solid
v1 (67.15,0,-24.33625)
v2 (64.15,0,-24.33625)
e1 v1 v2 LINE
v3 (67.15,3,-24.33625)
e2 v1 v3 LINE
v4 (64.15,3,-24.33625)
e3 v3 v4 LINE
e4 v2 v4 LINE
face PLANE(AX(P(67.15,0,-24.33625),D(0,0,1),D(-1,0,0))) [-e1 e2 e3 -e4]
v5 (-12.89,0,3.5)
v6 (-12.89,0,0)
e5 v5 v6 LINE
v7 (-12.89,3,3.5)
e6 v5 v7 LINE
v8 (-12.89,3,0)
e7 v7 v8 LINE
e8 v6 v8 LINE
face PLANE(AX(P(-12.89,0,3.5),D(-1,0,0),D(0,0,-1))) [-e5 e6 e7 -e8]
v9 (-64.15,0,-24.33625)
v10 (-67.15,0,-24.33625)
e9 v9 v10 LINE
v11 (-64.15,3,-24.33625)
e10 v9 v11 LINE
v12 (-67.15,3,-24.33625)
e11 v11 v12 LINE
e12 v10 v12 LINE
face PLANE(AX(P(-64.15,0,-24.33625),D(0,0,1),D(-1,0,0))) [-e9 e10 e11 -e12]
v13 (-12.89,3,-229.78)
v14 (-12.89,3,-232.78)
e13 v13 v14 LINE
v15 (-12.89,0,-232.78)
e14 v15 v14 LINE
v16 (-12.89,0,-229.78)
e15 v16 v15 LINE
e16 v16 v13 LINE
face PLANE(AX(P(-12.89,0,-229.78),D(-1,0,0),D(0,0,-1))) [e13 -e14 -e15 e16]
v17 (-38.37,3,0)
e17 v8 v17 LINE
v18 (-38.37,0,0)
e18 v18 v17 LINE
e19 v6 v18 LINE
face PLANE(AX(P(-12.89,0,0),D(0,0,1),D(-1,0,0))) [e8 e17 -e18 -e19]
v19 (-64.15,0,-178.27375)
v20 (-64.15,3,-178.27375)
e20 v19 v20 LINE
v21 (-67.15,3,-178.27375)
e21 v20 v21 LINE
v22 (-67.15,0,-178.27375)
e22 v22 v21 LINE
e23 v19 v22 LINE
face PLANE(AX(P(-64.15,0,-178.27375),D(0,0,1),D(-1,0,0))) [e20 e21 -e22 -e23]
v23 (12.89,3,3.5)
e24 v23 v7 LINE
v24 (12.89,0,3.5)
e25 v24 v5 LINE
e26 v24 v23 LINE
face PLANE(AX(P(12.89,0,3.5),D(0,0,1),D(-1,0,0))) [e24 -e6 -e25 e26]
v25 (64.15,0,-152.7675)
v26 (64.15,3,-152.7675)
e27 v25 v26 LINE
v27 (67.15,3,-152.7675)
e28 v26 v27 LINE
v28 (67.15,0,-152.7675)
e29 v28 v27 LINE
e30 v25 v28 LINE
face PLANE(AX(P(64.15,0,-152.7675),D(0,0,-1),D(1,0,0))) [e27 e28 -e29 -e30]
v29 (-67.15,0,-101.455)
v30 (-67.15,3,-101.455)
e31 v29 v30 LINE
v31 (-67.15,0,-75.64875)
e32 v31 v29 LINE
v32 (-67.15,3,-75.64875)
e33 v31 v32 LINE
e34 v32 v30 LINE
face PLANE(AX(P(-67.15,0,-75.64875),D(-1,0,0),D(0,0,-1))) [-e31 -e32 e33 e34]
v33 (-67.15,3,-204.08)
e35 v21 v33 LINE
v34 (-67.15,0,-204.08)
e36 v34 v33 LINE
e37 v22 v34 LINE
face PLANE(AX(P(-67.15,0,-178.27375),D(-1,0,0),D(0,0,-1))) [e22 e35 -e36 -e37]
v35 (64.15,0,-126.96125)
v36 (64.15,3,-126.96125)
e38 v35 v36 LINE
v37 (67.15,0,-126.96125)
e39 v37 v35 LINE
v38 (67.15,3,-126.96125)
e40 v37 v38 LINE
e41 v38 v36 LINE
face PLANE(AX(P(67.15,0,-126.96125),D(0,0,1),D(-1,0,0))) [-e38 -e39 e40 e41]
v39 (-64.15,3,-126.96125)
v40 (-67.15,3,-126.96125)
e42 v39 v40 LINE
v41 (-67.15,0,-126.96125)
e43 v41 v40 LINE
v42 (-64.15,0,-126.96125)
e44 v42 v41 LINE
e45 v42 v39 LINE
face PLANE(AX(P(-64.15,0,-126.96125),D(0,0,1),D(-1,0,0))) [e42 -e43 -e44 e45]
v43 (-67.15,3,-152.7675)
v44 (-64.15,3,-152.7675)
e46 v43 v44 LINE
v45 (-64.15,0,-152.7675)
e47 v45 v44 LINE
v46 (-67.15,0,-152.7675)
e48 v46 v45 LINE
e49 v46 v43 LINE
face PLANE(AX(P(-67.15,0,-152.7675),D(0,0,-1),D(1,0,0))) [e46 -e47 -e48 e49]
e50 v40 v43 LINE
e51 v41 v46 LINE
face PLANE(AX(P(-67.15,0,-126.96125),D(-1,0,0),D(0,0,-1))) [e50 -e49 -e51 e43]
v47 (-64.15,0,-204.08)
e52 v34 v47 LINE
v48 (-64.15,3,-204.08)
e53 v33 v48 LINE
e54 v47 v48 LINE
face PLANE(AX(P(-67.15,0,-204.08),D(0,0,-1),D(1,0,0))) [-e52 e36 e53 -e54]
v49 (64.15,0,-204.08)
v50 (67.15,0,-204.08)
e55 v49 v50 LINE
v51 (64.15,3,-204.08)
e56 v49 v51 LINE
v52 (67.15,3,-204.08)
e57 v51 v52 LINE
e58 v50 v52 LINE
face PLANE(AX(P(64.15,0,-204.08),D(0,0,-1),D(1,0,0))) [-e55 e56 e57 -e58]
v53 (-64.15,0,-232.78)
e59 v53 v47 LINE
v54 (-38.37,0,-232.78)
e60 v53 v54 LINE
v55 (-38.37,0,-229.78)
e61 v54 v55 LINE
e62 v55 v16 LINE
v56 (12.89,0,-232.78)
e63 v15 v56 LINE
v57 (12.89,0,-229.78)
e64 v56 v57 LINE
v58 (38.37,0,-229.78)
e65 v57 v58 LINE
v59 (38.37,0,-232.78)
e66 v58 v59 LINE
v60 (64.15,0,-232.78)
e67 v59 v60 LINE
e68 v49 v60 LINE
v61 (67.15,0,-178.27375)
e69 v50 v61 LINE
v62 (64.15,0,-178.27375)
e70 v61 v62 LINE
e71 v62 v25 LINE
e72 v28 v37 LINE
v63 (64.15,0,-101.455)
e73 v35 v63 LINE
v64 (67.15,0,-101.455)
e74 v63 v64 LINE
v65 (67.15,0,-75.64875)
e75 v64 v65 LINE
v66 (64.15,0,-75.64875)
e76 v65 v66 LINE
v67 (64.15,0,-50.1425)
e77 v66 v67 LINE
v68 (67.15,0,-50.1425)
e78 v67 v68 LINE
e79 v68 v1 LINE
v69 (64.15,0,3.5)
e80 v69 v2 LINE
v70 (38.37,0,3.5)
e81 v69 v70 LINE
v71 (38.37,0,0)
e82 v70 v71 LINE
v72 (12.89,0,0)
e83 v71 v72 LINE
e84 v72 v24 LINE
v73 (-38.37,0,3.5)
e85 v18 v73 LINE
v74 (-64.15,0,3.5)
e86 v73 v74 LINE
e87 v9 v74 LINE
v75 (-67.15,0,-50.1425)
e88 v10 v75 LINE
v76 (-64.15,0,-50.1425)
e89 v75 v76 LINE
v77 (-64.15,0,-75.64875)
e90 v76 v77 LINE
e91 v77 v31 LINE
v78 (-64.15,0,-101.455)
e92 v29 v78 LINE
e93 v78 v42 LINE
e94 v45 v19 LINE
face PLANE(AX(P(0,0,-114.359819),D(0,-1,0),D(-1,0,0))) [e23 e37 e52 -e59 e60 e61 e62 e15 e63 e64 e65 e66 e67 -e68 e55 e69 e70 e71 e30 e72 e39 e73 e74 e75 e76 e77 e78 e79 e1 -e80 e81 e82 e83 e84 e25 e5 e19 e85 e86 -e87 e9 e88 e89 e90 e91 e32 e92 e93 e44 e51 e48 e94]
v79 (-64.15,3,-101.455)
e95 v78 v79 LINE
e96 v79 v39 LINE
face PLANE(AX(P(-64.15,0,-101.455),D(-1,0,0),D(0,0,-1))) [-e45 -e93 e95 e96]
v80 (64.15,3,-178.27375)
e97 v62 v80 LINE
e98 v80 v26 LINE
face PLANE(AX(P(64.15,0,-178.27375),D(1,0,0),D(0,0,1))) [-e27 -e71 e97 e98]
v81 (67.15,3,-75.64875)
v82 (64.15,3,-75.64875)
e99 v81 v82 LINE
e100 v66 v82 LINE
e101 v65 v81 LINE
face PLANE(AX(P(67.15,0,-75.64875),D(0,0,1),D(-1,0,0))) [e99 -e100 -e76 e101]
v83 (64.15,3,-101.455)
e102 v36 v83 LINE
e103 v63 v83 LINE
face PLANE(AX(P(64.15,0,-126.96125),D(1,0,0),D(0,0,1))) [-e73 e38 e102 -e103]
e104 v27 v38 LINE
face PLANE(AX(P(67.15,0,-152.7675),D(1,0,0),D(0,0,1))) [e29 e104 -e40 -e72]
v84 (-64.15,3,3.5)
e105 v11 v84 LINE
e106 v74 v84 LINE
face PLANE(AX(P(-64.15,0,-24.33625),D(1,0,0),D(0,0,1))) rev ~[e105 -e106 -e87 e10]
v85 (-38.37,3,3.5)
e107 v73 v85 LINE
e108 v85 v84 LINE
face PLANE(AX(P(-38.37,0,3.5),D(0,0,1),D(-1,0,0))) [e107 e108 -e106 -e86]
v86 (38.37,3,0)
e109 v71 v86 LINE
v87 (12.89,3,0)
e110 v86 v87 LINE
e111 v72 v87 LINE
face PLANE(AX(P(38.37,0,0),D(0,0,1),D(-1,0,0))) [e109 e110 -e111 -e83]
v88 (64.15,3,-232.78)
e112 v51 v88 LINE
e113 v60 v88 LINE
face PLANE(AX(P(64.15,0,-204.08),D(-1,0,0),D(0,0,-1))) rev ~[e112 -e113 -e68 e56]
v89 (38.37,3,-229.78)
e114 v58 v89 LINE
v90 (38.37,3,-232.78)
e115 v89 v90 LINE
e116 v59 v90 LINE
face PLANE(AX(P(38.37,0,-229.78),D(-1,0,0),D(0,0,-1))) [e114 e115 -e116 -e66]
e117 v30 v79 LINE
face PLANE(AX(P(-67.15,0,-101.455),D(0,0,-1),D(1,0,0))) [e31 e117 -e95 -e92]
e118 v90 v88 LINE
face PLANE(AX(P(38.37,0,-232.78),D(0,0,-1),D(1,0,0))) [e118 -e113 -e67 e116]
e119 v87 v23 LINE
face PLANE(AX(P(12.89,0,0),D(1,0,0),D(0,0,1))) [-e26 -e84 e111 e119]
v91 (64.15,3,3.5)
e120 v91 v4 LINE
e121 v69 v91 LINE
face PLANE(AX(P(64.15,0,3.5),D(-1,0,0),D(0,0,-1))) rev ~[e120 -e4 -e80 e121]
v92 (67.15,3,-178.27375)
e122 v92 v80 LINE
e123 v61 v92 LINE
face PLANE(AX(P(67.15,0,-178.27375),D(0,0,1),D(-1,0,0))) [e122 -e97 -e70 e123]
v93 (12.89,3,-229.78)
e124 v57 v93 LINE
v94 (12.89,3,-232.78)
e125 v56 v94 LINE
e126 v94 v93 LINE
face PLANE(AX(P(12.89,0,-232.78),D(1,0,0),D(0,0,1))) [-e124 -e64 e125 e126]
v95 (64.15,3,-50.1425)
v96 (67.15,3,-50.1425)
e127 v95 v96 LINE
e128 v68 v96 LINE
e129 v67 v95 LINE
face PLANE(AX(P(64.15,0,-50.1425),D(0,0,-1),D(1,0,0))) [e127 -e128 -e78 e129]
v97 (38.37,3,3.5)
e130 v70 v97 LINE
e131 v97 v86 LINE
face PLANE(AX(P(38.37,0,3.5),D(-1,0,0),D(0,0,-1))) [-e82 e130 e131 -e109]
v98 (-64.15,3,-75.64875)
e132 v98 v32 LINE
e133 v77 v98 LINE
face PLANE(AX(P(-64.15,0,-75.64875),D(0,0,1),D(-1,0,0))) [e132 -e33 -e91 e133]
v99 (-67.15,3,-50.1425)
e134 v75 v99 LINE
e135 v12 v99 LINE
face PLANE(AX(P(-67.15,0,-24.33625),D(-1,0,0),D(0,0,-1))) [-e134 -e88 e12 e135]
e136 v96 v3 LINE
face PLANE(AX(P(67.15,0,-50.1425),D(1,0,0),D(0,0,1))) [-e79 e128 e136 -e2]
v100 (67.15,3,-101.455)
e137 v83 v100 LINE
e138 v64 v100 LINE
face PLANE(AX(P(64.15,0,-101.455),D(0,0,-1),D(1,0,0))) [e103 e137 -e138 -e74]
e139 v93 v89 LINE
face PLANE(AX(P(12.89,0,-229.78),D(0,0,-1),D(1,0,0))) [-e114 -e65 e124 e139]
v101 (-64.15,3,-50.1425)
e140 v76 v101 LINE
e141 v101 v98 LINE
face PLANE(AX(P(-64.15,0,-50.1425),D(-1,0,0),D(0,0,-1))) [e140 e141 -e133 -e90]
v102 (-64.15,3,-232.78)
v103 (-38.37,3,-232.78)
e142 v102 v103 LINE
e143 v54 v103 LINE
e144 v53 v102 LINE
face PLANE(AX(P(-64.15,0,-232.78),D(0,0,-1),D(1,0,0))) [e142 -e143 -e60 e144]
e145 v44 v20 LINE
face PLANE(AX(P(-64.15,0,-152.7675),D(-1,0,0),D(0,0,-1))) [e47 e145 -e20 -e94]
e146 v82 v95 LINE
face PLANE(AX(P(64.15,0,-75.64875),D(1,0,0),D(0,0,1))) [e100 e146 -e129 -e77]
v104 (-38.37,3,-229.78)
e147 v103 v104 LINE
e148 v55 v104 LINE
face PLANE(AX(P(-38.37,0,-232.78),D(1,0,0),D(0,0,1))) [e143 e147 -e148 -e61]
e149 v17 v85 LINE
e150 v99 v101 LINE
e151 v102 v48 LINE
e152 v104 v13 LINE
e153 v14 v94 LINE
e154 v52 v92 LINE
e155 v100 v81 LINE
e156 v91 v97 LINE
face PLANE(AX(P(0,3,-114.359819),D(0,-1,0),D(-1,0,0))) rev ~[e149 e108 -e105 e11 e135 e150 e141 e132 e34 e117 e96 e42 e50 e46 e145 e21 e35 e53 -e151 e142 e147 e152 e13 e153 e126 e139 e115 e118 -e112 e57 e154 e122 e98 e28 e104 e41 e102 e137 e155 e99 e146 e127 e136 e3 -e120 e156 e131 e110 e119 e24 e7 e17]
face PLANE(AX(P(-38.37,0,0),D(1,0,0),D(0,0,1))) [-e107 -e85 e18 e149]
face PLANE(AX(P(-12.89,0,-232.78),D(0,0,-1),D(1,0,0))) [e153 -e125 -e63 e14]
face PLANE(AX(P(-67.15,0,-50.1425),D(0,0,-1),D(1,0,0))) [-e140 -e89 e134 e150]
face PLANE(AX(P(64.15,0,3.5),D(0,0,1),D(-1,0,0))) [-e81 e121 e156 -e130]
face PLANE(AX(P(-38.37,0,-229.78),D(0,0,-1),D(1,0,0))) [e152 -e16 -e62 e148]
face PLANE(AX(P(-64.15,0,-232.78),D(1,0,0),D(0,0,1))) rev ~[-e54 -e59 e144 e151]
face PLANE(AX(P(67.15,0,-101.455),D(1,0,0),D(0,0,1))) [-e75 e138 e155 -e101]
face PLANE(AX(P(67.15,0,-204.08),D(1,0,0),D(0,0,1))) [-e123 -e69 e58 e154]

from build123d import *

# Parameters (mm, degrees)
BOSS_EXTRUDE1_DEPTH = 3


with BuildPart() as part:
    # Sketch1 → Boss-Extrude1 (new body)
    with BuildSketch(Plane(origin=(0, 0, 0), x_dir=(1, 0, 0), z_dir=(0, 1, 0))):
        Polygon((-64.15, 204.08), (-64.15, 230.66), (-64.15, 232.78), (-38.37, 232.78), (-38.37, 229.78), (-12.89, 229.78), (-12.89, 232.78), (12.89, 232.78), (12.89, 229.78), (38.37, 229.78), (38.37, 232.78), (64.15, 232.78), (64.15, 230.66), (64.15, 204.08), (67.15, 204.08), (67.15, 178.27375), (64.15, 178.27375), (64.15, 152.7675), (67.15, 152.7675), (67.15, 126.96125), (64.15, 126.96125), (64.15, 101.455), (67.15, 101.455), (67.15, 75.64875), (64.15, 75.64875), (64.15, 50.1425), (67.15, 50.1425), (67.15, 24.33625), (64.15, 24.33625), (64.15, -1.17), (64.15, -3.5), (38.37, -3.5), (38.37, 0), (12.89, 0), (12.89, -3.5), (-12.89, -3.5), (-12.89, 0), (-38.37, 0), (-38.37, -3.5), (-64.15, -3.5), (-64.15, -1.17), (-64.15, 24.33625), (-67.15, 24.33625), (-67.15, 50.1425), (-64.15, 50.1425), (-64.15, 75.64875), (-67.15, 75.64875), (-67.15, 101.455), (-64.15, 101.455), (-64.15, 126.96125), (-67.15, 126.96125), (-67.15, 152.7675), (-64.15, 152.7675), (-64.15, 178.27375), (-67.15, 178.27375), (-67.15, 204.08), align=None)
    extrude(amount=BOSS_EXTRUDE1_DEPTH)


solid = part.part
